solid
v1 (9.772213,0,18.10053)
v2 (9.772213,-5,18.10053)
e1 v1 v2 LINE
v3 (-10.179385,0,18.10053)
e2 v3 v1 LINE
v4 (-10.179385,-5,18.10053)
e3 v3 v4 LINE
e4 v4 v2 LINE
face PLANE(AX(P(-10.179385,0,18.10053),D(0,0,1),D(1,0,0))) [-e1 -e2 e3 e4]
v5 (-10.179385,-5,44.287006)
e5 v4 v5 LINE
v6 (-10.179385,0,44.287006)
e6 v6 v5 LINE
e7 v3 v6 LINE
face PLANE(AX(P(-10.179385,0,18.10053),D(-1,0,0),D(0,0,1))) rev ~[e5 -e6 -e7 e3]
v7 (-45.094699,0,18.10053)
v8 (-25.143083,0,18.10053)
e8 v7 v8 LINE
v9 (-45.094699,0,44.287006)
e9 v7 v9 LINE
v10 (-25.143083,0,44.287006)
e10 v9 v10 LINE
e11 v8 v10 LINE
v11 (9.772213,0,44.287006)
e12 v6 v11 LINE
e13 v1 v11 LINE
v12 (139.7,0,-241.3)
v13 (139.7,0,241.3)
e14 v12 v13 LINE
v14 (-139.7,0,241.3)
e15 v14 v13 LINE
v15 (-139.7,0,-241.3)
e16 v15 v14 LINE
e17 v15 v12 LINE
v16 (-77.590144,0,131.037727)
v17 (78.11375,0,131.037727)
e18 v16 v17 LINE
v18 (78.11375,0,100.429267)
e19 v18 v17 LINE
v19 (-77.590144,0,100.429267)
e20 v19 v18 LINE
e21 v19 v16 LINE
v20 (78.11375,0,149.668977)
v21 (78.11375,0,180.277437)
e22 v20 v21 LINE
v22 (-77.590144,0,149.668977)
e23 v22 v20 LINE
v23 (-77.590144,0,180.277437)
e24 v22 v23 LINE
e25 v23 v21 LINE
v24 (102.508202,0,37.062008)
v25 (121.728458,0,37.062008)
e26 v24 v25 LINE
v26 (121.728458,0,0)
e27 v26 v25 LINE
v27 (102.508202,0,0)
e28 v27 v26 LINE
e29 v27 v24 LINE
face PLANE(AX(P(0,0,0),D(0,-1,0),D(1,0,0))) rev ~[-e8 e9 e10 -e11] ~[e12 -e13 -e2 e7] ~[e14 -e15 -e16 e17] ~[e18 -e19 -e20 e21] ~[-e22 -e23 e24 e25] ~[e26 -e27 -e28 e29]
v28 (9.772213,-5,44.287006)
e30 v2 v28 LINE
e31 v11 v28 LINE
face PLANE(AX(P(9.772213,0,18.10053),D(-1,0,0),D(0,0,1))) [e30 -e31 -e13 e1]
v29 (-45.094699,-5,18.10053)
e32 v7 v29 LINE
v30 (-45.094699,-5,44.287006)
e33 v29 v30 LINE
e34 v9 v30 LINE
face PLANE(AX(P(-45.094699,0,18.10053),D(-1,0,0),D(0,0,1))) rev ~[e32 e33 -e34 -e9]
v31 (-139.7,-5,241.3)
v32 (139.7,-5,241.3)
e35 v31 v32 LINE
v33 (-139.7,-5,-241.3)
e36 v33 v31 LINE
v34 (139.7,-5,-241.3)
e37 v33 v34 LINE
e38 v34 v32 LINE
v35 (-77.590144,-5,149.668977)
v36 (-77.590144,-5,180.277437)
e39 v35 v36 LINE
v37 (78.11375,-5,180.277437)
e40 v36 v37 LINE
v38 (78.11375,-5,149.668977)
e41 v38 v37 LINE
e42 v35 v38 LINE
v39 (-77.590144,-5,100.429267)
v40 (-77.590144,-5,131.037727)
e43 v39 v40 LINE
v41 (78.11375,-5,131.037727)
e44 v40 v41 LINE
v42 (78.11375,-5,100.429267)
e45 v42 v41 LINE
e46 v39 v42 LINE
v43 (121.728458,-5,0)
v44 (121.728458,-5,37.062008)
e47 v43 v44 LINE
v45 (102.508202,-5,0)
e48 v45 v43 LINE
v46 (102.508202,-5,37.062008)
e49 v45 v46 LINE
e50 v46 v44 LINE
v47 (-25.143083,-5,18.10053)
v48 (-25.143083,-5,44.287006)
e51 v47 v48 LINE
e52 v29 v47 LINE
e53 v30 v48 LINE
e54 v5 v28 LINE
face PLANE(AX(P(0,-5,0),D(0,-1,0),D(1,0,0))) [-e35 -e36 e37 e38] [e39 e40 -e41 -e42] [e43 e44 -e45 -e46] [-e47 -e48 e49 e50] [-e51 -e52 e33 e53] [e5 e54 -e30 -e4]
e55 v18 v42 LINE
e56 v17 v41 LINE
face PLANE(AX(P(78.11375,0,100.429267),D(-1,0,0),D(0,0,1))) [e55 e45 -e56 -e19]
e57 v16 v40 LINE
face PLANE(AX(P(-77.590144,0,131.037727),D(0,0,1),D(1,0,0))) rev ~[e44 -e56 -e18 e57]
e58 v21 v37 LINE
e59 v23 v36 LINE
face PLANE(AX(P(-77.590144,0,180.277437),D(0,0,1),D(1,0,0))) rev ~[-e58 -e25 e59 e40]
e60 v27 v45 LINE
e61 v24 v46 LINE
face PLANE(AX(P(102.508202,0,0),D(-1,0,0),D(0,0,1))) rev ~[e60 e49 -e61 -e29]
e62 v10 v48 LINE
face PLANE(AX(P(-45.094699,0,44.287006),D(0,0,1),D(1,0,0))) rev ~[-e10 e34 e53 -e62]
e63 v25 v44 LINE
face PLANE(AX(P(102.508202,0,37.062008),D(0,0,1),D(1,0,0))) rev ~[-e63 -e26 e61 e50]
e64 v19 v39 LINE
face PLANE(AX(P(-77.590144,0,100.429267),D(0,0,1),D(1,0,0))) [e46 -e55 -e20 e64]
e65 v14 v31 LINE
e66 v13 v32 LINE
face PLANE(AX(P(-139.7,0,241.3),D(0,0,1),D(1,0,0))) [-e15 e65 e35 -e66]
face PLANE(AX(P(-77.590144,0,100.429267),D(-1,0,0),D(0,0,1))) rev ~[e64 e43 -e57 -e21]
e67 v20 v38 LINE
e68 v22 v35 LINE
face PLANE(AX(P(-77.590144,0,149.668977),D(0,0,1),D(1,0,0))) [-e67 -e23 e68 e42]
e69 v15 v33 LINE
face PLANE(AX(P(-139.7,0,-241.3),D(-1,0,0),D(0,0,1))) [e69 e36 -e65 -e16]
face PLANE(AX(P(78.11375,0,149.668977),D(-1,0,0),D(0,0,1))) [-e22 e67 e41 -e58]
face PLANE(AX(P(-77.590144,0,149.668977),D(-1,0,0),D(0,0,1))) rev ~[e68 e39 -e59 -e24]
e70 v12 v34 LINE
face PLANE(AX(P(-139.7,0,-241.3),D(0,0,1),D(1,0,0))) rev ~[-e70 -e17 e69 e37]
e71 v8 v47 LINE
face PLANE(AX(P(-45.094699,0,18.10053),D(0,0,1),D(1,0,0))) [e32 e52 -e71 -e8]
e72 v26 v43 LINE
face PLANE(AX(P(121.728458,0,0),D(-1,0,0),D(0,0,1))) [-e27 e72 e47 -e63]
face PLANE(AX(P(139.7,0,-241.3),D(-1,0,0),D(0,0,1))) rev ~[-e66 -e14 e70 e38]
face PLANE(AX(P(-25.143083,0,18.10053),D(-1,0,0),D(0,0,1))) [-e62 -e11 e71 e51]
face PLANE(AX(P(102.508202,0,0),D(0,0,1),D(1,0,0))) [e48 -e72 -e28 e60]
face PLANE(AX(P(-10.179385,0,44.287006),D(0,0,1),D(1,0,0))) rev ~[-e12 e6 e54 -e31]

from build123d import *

# Parameters (mm, degrees)
F0_W     = 279.4
F0_H     = 482.6
F0_W_2   = 19.951616
F0_H_2   = 26.186477
F0_W_3   = 19.951598
F0_W_4   = 155.703895
F0_H_3   = 30.60846
F0_W_5   = 19.220256
F0_H_4   = 37.062008
F1_DEPTH = 5


with BuildPart() as f1:
    # F0 (on Front) → F1 (new body)
    with BuildSketch(Plane.XZ):
        Rectangle(F0_W, F0_H)
        with Locations((-35.118891, 31.193768)):
            Rectangle(F0_W_2, F0_H_2, mode=Mode.SUBTRACT)
        with Locations((-0.203586, 31.193768)):
            Rectangle(F0_W_3, F0_H_2, mode=Mode.SUBTRACT)
        with Locations((0.261803, 115.733497)):
            Rectangle(F0_W_4, F0_H_3, mode=Mode.SUBTRACT)
        with Locations((112.11833, 18.531004)):
            Rectangle(F0_W_5, F0_H_4, mode=Mode.SUBTRACT)
        with Locations((0.261803, 164.973207)):
            Rectangle(F0_W_4, F0_H_3, mode=Mode.SUBTRACT)
    extrude(amount=F1_DEPTH)


solid = f1.part
